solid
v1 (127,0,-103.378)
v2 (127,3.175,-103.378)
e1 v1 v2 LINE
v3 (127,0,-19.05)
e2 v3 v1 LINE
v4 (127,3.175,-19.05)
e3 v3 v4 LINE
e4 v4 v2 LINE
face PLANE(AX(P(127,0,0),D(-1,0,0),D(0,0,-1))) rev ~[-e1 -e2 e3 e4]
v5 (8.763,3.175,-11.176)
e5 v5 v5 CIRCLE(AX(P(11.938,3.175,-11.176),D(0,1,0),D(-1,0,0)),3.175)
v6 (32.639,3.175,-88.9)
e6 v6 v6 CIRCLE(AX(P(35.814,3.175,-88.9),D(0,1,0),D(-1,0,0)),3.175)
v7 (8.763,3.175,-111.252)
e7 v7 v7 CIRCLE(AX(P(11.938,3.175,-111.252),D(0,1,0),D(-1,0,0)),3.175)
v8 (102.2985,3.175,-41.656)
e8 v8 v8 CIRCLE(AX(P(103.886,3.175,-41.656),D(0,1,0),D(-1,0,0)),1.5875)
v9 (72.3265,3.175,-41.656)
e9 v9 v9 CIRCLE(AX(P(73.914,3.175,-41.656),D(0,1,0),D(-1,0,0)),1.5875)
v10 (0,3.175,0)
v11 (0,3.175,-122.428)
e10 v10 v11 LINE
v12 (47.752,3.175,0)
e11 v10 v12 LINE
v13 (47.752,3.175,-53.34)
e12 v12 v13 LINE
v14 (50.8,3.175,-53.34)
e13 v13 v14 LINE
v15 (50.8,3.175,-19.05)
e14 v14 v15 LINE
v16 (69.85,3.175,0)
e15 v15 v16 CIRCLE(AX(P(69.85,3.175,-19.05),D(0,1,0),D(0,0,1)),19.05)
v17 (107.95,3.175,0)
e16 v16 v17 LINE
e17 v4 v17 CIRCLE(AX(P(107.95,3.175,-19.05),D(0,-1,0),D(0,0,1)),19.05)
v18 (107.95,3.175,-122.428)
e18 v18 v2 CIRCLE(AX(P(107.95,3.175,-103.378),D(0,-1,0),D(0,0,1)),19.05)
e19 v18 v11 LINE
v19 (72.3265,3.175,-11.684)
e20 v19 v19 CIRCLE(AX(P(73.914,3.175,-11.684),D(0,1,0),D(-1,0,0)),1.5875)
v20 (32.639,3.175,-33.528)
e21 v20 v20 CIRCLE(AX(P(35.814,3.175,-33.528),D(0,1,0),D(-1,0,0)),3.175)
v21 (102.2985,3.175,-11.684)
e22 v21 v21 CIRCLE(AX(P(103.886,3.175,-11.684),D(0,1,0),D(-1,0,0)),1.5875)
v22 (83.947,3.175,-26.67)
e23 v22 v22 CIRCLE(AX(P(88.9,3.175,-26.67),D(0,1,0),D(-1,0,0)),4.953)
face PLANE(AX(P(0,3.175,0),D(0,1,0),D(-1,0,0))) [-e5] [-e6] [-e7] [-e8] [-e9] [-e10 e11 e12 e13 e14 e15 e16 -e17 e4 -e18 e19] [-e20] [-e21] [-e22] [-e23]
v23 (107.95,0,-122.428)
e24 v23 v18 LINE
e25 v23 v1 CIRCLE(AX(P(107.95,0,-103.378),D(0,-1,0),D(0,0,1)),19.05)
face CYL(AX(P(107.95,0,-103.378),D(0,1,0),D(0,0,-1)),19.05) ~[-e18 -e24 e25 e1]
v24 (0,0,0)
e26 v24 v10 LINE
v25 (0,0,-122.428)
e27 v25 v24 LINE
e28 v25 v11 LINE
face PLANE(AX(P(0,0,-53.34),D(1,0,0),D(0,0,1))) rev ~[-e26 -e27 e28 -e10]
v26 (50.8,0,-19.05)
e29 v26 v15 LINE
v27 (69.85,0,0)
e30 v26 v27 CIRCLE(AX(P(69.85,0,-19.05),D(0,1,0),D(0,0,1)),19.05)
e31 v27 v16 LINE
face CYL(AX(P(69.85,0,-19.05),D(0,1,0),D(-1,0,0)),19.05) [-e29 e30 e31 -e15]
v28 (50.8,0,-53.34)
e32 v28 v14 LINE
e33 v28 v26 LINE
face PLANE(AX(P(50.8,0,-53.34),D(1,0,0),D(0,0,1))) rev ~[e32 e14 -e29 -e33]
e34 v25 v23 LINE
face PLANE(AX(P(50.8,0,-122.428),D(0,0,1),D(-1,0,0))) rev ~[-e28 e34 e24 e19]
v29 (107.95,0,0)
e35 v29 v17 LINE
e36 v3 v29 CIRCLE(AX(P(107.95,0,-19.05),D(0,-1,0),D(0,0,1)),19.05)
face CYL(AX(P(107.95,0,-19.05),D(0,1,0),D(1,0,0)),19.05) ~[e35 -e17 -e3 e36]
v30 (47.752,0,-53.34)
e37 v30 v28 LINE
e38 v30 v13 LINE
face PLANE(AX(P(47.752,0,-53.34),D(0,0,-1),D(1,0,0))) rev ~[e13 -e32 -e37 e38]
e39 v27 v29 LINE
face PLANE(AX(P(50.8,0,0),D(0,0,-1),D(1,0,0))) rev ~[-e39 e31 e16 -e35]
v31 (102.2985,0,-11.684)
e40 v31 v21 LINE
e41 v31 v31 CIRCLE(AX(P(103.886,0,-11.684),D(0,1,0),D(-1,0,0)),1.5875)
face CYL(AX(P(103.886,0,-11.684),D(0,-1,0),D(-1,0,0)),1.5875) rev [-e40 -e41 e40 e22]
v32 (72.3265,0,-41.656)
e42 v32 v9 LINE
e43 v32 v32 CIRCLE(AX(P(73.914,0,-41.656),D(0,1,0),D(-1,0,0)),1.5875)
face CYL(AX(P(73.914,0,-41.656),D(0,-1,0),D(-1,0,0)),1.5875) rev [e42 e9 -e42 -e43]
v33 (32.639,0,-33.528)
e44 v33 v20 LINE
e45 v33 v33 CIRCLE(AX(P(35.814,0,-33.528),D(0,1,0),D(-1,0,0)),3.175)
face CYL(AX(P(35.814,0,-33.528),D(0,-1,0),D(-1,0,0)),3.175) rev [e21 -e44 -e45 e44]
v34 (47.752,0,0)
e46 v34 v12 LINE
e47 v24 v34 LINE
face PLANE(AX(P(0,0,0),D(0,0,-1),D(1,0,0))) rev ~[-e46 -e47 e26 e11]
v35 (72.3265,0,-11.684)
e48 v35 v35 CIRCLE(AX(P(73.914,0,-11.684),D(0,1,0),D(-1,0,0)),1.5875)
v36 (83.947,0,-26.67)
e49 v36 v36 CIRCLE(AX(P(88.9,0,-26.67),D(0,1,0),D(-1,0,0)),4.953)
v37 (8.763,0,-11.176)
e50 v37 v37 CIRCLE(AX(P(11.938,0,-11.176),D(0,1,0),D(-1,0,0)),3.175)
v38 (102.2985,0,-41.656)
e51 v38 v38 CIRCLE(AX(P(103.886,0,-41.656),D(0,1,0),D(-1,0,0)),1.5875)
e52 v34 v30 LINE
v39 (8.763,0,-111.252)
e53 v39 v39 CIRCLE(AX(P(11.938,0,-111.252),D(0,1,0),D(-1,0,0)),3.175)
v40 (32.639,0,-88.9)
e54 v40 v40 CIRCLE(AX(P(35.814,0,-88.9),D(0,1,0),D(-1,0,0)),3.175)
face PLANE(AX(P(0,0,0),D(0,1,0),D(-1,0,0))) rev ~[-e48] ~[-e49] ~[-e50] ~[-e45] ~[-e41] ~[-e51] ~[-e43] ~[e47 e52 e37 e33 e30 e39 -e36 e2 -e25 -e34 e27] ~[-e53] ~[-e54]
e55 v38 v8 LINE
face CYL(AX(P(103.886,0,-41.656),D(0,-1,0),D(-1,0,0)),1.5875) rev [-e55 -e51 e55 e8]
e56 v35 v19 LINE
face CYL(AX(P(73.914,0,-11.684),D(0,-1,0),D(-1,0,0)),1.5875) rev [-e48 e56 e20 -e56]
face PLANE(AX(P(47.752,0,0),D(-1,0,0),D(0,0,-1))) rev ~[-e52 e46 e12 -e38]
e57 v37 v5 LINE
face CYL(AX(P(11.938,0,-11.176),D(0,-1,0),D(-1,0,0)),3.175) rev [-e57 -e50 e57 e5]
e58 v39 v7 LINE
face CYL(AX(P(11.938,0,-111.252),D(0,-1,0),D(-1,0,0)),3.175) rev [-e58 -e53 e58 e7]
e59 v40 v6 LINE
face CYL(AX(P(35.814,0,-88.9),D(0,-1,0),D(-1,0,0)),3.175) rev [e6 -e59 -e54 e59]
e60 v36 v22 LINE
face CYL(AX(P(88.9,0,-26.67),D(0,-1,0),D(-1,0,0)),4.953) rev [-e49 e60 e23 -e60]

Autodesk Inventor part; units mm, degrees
ref_plane "YZ Plane" through (0, 0, 0) normal (1, 0, 0) x (0, 1, 0)
ref_plane "XZ Plane" through (0, 0, 0) normal (0, 1, 0) x (-1, 0, 0)
ref_plane "XY Plane" through (0, 0, 0) normal (0, 0, 1) x (1, 0, 0)
sketch "Sketch1" plane through (0, 0, 0) normal (0, 1, 0) x (-1, 0, 0)
  line L0 (0, 0) -> (-127, 0)
  line L1 (-127, 0) -> (-127, -122.428)
  line L2 (-127, -122.428) -> (0, -122.428)
  line L3 (0, -122.428) -> (0, 0)
  line L4 (0, 0) -> (-47.752, 0)
  line L5 (-47.752, 0) -> (-47.752, -53.34)
  line L6 (-47.752, -53.34) -> (0, -53.34)
  line L7 (0, -53.34) -> (0, 0)
  line L8 (-127, -122.428) -> (-50.8, -122.428)
  line L9 (-50.8, -122.428) -> (-50.8, 0)
  line L10 (-50.8, 0) -> (-127, 0)
  line L11 (-127, 0) -> (-127, -122.428)
  line L12 (-47.752, -53.34) -> (-50.8, -53.34)
  line L13 (-50.8, -53.34) -> (-50.8, 0)
  line L14 (-50.8, 0) -> (-47.752, 0)
  line L15 (-47.752, 0) -> (-47.752, -53.34)
  circle A0 centre (-11.938, -11.176) radius 3.175
  circle A1 centre (-35.814, -33.528) radius 3.175
  circle A2 centre (-11.938, -111.252) radius 3.175
  circle A3 centre (-35.814, -88.9) radius 3.175
  circle A4 centre (-73.914, -11.684) radius 1.5875
  circle A5 centre (-73.914, -41.656) radius 1.5875
  circle A6 centre (-103.886, -41.656) radius 1.5875
  circle A7 centre (-103.886, -11.684) radius 1.5875
  circle A8 centre (-88.9, -26.67) radius 4.953
  dimension "d0" = 127
  dimension "d1" = 122.428
  dimension "d2" = 47.752
  dimension "d3" = 53.34
  dimension "d4" = 76.2
  dimension "d5" = 11.176
  dimension "d6" = 22.352
  dimension "d7" = 38.1
  dimension "d8" = 14.986
  dimension "d9" = 14.986
  dimension "d10" = 14.986
  dimension "d11" = 14.986
  dimension "d12" = 6.35
  dimension "d13" = 6.35
  dimension "d14" = 6.35
  dimension "d15" = 6.35
  dimension "d16" = 3.175
  dimension "d17" = 3.175
  dimension "d18" = 3.175
  dimension "d19" = 3.175
  dimension "d20" = 9.906
  dimension "d21" = 11.176
  dimension "d22" = 11.938
  dimension "d23" = 23.876
  dimension "d24" = 22.352
  dimension "d25" = 11.938
  dimension "d26" = 11.938
  dimension "d27" = 23.876
extrude "Extrusion1" add sketch "Sketch1" along normal blind 3.175 contours L3 L6 L5 L0 | L3 L2 L9 L12 L6 | L9 L2 L1 L0
fillet "Fillet1" radius 19.05 3 edges at (127, 1.5875, 0) (50.8, 1.5875, 0) (127, 1.5875, -122.428)
properties part number "ARMS MOUNTING BRACKET"
